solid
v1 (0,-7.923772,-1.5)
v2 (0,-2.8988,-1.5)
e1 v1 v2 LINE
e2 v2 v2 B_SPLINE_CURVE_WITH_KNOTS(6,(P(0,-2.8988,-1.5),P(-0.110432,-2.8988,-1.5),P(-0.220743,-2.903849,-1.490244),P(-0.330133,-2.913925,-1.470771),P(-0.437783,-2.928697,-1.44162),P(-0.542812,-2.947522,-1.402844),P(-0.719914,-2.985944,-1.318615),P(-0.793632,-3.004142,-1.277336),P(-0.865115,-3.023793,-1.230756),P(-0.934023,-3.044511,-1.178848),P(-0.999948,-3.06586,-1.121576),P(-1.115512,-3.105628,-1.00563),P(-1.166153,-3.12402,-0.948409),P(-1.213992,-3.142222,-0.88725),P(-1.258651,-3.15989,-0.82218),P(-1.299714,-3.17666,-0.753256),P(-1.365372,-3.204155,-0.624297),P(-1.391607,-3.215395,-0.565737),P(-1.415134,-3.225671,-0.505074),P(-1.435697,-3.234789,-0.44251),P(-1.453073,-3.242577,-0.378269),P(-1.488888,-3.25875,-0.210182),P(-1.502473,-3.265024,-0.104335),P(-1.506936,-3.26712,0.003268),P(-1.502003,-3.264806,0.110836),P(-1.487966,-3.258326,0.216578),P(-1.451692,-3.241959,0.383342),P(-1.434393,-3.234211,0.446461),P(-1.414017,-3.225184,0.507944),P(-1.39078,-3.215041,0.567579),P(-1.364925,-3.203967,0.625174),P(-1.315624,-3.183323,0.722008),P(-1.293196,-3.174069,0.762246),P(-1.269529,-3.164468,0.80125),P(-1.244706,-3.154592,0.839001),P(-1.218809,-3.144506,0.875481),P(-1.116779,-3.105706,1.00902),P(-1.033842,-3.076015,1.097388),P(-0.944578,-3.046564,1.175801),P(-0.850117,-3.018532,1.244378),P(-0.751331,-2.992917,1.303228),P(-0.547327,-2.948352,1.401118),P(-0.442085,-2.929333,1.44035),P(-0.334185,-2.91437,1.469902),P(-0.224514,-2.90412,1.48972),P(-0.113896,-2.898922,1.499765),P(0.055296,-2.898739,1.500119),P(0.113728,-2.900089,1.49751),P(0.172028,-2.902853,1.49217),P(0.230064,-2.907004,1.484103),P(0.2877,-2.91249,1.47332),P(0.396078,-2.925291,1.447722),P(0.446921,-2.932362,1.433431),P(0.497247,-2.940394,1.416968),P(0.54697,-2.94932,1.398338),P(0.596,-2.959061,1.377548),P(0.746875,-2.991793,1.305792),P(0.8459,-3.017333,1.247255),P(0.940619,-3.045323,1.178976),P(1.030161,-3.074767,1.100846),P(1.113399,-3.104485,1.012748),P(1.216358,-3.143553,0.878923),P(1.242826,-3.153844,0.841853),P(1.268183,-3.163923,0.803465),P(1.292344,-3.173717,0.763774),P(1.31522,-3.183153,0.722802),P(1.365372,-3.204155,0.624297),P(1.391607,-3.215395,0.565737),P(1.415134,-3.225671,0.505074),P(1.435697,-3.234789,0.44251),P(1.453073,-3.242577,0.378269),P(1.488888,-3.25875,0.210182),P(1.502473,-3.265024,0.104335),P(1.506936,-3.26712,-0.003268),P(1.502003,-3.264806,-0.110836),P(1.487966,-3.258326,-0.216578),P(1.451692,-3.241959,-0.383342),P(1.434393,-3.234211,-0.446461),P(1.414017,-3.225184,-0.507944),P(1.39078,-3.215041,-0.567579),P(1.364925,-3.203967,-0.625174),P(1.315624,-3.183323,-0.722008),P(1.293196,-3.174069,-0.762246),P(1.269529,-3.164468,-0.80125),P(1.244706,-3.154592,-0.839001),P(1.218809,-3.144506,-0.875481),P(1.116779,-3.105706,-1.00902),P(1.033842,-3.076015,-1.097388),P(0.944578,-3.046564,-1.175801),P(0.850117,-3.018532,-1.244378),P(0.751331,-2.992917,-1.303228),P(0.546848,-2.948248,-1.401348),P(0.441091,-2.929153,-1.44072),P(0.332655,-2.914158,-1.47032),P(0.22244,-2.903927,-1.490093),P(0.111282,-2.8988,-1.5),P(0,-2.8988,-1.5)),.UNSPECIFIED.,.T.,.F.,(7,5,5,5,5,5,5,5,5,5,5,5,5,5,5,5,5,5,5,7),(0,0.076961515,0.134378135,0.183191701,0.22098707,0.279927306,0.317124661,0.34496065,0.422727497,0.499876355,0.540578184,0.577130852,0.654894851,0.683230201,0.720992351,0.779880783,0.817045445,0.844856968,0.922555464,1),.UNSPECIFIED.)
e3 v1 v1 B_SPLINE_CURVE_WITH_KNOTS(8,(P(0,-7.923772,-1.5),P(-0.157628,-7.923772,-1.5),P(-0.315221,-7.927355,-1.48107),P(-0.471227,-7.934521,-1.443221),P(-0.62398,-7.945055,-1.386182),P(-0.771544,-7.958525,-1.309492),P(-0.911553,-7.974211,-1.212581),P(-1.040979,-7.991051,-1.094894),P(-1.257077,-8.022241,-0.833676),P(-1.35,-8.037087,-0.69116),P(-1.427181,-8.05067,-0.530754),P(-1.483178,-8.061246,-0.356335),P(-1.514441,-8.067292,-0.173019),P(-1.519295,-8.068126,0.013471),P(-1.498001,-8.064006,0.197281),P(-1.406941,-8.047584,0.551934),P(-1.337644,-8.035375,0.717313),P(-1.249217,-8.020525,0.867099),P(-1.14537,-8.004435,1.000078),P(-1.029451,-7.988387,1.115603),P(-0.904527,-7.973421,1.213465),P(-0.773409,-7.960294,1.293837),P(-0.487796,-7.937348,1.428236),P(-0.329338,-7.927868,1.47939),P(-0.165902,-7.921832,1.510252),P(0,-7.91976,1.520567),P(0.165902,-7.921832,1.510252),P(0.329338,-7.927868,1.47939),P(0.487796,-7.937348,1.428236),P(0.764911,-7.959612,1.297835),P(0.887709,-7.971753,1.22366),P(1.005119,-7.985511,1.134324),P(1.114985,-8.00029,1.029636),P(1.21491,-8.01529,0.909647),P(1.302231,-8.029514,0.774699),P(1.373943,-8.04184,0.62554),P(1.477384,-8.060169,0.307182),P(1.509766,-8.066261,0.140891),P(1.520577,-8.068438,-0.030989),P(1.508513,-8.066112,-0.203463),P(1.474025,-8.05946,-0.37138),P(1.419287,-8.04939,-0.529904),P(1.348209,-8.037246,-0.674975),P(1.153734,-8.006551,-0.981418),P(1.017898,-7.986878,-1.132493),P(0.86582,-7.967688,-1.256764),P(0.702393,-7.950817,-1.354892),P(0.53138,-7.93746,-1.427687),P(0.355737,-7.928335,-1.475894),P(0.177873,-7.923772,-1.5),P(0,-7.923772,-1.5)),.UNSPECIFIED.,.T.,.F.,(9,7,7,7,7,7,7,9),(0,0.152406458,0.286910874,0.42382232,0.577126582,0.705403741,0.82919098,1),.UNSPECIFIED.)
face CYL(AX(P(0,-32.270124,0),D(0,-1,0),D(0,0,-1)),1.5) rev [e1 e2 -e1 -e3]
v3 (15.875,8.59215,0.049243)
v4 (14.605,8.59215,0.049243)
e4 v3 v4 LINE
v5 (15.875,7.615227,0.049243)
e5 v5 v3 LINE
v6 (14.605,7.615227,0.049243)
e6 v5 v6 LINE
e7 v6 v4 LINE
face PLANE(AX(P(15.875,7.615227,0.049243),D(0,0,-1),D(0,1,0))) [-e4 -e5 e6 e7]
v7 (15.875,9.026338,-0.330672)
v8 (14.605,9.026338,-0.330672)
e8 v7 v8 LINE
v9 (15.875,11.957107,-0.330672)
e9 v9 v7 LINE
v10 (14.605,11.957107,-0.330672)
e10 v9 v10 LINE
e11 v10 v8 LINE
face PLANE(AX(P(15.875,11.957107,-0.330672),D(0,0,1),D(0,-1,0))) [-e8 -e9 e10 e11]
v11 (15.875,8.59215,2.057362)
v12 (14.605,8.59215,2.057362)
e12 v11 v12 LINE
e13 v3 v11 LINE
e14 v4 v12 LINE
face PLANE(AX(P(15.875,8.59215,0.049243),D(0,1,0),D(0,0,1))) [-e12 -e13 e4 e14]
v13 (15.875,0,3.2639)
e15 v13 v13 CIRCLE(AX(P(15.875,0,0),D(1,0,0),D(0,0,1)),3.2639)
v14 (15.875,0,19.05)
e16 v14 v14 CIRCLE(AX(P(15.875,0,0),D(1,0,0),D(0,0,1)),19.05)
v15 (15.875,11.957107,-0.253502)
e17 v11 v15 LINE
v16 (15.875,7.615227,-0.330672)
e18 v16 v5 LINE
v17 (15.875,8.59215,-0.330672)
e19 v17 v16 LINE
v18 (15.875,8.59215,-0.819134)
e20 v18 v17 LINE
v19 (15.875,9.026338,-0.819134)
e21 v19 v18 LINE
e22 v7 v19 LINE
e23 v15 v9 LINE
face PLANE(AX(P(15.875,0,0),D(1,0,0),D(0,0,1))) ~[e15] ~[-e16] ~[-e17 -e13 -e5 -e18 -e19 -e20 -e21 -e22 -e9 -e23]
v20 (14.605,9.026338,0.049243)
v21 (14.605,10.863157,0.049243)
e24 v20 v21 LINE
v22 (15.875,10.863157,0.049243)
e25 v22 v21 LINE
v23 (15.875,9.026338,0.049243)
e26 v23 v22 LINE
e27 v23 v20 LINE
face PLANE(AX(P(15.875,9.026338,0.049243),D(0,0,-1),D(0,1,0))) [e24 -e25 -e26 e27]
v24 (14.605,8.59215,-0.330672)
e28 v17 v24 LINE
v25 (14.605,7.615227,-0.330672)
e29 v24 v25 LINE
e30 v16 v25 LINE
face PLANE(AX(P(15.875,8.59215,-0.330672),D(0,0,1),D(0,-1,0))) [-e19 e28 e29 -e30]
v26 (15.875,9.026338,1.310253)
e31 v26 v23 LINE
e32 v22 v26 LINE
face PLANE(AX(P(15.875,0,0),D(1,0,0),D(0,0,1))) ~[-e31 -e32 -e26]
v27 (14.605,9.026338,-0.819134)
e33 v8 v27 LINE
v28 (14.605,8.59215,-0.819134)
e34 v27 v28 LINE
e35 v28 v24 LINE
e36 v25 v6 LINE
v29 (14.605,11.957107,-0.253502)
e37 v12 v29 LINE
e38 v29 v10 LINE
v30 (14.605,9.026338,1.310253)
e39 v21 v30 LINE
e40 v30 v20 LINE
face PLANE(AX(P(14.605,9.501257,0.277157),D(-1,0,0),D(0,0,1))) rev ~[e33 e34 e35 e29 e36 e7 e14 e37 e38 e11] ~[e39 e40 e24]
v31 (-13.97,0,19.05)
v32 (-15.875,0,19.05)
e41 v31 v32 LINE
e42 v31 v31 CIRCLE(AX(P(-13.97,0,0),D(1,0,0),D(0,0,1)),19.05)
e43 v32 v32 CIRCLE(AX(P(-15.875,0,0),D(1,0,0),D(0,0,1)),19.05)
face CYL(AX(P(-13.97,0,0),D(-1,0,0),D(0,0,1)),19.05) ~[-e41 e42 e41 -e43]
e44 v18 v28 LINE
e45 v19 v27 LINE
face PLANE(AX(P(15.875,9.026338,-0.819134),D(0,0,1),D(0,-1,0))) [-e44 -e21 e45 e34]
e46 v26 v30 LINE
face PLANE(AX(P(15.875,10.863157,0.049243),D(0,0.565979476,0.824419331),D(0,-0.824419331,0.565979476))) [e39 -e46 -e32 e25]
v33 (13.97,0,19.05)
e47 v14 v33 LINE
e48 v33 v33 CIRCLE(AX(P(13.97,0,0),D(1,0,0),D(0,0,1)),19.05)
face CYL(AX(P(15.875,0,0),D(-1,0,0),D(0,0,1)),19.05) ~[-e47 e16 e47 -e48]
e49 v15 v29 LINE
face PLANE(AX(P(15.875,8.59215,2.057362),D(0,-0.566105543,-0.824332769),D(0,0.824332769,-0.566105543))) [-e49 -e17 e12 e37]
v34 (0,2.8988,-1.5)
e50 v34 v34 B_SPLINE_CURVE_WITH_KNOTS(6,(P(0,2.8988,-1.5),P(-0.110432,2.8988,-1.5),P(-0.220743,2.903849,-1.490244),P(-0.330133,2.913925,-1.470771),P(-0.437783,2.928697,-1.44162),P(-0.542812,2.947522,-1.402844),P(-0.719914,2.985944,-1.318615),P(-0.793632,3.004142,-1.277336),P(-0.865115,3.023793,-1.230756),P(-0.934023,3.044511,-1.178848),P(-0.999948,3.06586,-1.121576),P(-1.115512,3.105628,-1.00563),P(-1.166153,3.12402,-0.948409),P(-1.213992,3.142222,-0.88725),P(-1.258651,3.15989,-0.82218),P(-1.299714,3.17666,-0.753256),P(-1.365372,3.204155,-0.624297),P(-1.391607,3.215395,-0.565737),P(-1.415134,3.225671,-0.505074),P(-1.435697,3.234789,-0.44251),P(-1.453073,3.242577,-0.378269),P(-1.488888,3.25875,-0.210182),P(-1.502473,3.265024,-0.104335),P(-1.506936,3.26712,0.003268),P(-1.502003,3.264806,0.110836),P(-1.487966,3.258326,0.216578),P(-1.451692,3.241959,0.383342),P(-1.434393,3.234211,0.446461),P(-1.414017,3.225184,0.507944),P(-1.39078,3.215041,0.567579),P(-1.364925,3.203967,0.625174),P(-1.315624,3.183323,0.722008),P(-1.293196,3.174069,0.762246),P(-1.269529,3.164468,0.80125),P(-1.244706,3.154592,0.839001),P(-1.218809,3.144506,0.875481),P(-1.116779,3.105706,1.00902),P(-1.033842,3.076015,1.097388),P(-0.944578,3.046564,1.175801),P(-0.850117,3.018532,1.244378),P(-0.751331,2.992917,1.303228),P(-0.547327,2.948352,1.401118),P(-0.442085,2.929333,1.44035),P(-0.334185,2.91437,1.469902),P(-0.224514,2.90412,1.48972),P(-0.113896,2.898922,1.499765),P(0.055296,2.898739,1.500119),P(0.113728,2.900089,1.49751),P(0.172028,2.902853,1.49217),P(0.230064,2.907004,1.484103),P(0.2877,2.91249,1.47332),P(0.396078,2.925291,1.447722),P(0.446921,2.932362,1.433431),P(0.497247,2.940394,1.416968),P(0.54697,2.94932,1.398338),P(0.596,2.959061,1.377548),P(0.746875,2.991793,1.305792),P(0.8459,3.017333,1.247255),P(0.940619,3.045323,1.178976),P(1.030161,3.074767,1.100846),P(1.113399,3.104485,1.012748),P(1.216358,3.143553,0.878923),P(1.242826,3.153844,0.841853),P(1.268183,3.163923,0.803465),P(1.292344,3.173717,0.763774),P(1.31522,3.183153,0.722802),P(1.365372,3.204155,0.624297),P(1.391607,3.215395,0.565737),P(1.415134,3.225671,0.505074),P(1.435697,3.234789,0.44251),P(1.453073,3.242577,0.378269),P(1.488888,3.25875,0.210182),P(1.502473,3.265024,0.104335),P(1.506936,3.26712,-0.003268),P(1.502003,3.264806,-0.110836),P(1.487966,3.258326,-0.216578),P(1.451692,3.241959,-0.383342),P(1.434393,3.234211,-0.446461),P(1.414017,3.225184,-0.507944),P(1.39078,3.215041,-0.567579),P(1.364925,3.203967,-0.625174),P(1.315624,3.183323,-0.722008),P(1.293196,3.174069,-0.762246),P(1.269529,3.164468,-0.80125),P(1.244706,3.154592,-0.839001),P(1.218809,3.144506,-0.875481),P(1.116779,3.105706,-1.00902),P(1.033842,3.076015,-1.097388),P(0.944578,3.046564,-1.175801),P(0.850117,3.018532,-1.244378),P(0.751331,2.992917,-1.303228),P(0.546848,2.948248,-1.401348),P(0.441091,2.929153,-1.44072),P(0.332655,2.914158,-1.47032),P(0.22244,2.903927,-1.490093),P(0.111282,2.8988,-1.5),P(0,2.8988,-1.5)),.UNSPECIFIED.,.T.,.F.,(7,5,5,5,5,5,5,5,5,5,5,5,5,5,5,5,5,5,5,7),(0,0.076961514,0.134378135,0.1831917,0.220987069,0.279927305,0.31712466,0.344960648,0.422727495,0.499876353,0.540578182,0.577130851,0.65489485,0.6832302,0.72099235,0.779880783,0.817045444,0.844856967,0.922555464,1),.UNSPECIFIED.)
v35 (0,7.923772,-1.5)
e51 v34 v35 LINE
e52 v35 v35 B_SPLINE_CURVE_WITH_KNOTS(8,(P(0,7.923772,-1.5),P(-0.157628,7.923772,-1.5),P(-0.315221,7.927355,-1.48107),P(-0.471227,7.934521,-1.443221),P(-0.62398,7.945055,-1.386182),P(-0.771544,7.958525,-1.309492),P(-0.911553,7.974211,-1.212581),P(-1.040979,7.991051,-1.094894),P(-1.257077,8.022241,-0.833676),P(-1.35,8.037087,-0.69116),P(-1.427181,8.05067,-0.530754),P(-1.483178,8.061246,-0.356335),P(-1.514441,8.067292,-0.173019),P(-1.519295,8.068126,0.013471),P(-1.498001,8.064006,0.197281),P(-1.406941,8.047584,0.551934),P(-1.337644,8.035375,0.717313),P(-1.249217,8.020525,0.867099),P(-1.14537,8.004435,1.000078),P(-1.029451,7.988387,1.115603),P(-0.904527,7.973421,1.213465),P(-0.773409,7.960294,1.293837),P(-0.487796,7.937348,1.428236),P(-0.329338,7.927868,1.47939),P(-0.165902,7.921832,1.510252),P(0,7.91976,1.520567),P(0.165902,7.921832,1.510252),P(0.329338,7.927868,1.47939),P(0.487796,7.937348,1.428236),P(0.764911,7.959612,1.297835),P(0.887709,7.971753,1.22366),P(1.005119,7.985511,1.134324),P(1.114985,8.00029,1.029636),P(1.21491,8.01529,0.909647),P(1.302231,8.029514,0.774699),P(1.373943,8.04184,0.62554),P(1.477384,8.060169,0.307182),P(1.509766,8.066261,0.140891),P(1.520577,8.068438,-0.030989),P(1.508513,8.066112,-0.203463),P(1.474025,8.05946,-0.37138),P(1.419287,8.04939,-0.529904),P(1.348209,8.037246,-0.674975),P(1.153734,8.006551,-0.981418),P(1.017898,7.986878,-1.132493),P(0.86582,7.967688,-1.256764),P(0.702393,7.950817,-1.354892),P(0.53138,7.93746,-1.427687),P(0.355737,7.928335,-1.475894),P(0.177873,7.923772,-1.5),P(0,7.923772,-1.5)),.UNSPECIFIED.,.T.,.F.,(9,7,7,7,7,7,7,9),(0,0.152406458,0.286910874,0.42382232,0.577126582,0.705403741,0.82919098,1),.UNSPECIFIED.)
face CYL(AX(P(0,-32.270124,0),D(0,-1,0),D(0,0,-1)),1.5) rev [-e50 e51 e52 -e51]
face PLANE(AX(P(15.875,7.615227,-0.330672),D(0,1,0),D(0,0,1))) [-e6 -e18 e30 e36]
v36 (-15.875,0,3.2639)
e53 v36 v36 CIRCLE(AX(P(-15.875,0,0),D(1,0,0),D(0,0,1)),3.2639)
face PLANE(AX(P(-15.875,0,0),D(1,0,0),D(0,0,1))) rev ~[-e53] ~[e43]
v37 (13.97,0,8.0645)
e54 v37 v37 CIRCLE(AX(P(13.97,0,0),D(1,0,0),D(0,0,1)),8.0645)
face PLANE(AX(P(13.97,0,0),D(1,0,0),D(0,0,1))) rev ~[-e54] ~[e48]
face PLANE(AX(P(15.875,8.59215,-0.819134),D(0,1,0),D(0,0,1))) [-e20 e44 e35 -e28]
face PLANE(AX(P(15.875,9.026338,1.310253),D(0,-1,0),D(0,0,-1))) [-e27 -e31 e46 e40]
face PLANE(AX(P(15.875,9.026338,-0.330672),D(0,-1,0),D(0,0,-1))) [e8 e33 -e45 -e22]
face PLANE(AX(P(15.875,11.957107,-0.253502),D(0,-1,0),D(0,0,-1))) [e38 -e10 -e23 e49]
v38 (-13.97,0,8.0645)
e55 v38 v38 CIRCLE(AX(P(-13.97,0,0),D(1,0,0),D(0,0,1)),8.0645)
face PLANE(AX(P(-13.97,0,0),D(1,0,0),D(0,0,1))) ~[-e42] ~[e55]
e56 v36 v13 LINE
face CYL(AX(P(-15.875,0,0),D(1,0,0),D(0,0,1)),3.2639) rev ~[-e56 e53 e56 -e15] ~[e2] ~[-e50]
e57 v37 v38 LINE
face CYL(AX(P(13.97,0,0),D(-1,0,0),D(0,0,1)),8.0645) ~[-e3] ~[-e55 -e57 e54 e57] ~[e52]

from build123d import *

# Parameters (mm, degrees)
CUT_EXTRUDE1_DEPTH      = 32.270123521
CUT_EXTRUDE1_DEPTH_BACK = 32.270123521
SKETCH2_R               = 1.5
CUT_EXTRUDE2_DEPTH      = 1.27


with BuildPart() as part:
    # Sketch1 → Revolve1 (revolve)
    with BuildSketch(Plane.XY):
        Polygon((15.875, 3.2639), (15.875, 19.05), (13.97, 19.05), (13.97, 8.0645), (-13.97, 8.0645), (-13.97, 19.05), (-15.875, 19.05), (-15.875, 3.2639), align=None)
    revolve(axis=Axis((-15.275524476, 0, 0), (1, 0, 0)))

    # Sketch2 → Cut-Extrude1 (cut, two sides: drawn at the far end of the back side and taken through both)
    with BuildSketch(Plane(origin=(0, 0, 0), x_dir=(1, 0, 0), z_dir=(0, 1, 0)).offset(-CUT_EXTRUDE1_DEPTH_BACK)):
        Circle(SKETCH2_R)
    extrude(amount=CUT_EXTRUDE1_DEPTH + CUT_EXTRUDE1_DEPTH_BACK, mode=Mode.SUBTRACT)

    # Sketch3 → Cut-Extrude2 (cut)
    with BuildSketch(Plane(origin=(15.875, 0, 0), x_dir=(0, 0, -1), z_dir=(1, 0, 0))):
        Polygon((0.253501878, 11.957106949), (0.330672017, 11.957106949), (0.330672017, 9.026337718), (0.819133555, 9.026337718), (0.819133555, 8.592149684), (0.330672017, 8.592149684), (0.330672017, 7.615226607), (-0.049242513, 7.615226607), (-0.049242513, 8.592149684), (-2.057362172, 8.592149684), align=None)
        Polygon((-0.049242513, 9.026337718), (-0.049242513, 10.863156629), (-1.310253464, 9.026337718), align=None, mode=Mode.SUBTRACT)
    extrude(amount=-CUT_EXTRUDE2_DEPTH, mode=Mode.SUBTRACT)


solid = part.part
